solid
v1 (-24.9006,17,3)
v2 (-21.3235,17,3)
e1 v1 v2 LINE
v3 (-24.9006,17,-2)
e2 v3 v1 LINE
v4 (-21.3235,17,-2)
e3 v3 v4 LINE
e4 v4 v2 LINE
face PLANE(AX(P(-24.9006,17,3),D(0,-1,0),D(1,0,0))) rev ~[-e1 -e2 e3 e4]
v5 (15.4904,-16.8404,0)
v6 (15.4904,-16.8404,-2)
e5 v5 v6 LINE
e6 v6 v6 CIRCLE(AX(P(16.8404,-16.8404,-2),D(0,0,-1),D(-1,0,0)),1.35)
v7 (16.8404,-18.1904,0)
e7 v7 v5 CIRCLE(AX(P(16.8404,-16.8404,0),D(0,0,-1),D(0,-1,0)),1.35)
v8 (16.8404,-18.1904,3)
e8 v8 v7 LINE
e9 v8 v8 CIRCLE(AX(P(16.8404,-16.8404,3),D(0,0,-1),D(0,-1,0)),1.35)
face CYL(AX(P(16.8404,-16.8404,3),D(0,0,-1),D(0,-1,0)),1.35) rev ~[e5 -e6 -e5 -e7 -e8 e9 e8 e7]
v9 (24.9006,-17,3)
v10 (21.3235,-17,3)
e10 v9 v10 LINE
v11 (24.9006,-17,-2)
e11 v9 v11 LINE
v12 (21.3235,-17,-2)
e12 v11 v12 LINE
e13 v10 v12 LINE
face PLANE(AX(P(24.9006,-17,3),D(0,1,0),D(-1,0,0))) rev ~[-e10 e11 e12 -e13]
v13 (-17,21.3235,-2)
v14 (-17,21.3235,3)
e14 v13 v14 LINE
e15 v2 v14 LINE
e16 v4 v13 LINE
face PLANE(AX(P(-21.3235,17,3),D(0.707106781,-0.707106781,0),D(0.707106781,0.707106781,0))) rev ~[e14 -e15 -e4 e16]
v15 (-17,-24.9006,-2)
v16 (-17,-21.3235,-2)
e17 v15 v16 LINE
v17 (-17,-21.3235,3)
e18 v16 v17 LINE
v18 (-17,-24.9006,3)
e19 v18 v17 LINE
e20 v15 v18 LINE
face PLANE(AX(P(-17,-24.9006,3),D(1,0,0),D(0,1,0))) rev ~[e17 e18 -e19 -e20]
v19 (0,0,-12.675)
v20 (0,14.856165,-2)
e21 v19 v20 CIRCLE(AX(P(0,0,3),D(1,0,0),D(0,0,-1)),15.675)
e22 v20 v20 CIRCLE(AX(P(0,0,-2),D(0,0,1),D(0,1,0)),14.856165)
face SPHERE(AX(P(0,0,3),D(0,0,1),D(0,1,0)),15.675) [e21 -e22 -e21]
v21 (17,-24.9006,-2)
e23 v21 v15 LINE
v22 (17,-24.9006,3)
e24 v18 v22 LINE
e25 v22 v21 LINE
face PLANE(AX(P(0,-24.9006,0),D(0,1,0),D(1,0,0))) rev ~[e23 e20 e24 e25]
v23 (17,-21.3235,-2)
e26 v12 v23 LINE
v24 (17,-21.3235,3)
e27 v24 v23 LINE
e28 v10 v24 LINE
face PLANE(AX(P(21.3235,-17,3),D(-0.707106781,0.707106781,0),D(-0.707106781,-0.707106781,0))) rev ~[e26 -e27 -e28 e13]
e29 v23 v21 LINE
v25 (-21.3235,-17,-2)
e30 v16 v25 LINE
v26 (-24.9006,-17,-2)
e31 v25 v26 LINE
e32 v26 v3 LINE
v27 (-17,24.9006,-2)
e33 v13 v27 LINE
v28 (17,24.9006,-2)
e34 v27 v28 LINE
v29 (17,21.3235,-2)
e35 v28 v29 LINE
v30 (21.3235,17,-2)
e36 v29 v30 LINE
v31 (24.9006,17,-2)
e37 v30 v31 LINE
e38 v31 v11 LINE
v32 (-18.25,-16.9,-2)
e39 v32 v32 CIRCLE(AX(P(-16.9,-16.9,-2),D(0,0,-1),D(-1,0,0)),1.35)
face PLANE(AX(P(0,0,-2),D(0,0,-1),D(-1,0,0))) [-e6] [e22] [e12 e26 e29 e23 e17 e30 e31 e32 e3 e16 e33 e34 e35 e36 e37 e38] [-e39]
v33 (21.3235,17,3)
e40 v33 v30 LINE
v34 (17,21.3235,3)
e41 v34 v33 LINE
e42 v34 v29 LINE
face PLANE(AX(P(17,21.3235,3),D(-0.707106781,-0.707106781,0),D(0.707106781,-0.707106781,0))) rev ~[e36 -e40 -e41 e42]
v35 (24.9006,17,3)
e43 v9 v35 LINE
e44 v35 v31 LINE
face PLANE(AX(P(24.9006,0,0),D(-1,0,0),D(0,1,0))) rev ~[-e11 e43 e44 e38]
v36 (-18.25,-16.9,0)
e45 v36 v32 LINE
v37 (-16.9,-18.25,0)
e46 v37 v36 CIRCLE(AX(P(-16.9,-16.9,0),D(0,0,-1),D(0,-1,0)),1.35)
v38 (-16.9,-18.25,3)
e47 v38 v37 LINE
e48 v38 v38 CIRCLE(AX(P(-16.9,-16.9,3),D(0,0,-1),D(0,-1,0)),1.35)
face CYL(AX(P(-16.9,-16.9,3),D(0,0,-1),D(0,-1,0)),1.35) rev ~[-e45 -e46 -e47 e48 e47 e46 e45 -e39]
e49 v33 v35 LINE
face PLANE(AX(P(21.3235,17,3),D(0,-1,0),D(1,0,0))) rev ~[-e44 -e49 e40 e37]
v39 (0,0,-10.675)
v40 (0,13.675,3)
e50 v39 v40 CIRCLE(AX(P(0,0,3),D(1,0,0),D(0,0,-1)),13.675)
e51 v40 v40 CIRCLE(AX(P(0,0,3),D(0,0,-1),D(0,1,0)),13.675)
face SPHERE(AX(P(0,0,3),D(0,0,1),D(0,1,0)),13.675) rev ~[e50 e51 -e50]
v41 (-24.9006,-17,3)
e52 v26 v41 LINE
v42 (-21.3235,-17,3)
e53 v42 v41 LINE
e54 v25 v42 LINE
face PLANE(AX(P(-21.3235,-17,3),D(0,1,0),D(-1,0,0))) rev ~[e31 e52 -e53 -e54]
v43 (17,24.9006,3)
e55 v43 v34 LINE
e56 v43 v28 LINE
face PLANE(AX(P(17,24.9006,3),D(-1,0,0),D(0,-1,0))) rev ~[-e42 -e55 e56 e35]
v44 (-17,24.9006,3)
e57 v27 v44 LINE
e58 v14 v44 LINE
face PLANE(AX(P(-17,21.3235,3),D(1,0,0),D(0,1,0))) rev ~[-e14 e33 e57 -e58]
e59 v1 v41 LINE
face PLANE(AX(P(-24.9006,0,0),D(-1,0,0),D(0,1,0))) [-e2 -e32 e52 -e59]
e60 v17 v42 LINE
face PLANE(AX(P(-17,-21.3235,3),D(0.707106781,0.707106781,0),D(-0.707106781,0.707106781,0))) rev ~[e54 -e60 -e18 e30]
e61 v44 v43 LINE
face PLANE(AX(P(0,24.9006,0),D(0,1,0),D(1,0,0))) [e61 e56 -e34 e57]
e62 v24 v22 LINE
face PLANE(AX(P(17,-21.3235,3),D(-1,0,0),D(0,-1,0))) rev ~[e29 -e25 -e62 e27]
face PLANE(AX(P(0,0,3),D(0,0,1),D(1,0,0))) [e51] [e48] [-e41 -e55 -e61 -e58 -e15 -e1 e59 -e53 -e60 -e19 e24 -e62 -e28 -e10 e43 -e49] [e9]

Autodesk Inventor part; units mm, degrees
ref_plane "YZ Plane" through (0, 0, 0) normal (1, 0, 0) x (0, 1, 0)
ref_plane "XZ Plane" through (0, 0, 0) normal (0, 1, 0) x (-1, 0, 0)
ref_plane "XY Plane" through (0, 0, 0) normal (0, 0, 1) x (1, 0, 0)
sketch "Sketch1" plane through (0, 0, 0) normal (0, 0, 1) x (1, 0, 0)
  line L0 (-38.8739, 0) -> (58.9391, 0) construction
  line L1 (0, -36.2399) -> (0, 43.1348) construction
  line L2 (0, 0) -> (31.7956, 31.7956) construction
  line L3 (0, 0) -> (44.9658, 0) construction
  line L4 (0, 24.9006) -> (16.8, 24.9006)
  line L5 (16.8, 24.9006) -> (16.8, 21.2406)
  line L6 (16.8, 21.2406) -> (19.0203, 19.0203)
  line L7 (24.9006, 0) -> (24.9006, 16.8)
  line L8 (24.9006, 16.8) -> (21.2406, 16.8)
  line L9 (21.2406, 16.8) -> (19.0203, 19.0203)
  line L10 (0, 24.9006) -> (-16.8, 24.9006)
  line L11 (-16.8, 24.9006) -> (-16.8, 21.2406)
  line L12 (-16.8, 21.2406) -> (-19.0203, 19.0203)
  line L13 (-24.9006, 0) -> (-24.9006, 16.8)
  line L14 (-24.9006, 16.8) -> (-21.2406, 16.8)
  line L15 (-21.2406, 16.8) -> (-19.0203, 19.0203)
  line L16 (0, -24.9006) -> (16.8, -24.9006)
  line L17 (16.8, -24.9006) -> (16.8, -21.2406)
  line L18 (16.8, -21.2406) -> (19.0203, -19.0203)
  line L19 (24.9006, 0) -> (24.9006, -16.8)
  line L20 (24.9006, -16.8) -> (21.2406, -16.8)
  line L21 (21.2406, -16.8) -> (19.0203, -19.0203)
  line L22 (0, -24.9006) -> (-16.8, -24.9006)
  line L23 (-16.8, -24.9006) -> (-16.8, -21.2406)
  line L24 (-16.8, -21.2406) -> (-19.0203, -19.0203)
  line L25 (-24.9006, 0) -> (-24.9006, -16.8)
  line L26 (-24.9006, -16.8) -> (-21.2406, -16.8)
  line L27 (-21.2406, -16.8) -> (-19.0203, -19.0203)
  circle A0 centre (0, 0) radius 13.675
  dimension "d0" = 45
  dimension "d1" = 16.8
  dimension "d2" = 3.66
  dimension "d3" = 3.14
  dimension "d4" = 27.35
extrude "Extrusion1" add sketch "Sketch1" along normal blind 3
sketch "Sketch2" plane through (0, 0, 3) normal (0, 0, 1) x (1, 0, 0)
  circle A0 centre (0, 0) radius 13.675 construction
  line L0 (16.8, 24.9006) -> (-16.8, 24.9006) construction
  line L1 (-16.8, 24.9006) -> (-16.8, 21.2406) construction
  line L2 (-16.8, 21.2406) -> (-21.2406, 16.8) construction
  line L3 (-21.2406, 16.8) -> (-24.9006, 16.8) construction
  line L4 (-24.9006, 16.8) -> (-24.9006, -16.8) construction
  line L5 (-24.9006, -16.8) -> (-21.2406, -16.8) construction
  line L6 (-21.2406, -16.8) -> (-16.8, -21.2406) construction
  line L7 (-16.8, -21.2406) -> (-16.8, -24.9006) construction
  line L8 (-16.8, -24.9006) -> (16.8, -24.9006) construction
  line L9 (16.8, -24.9006) -> (16.8, -21.2406) construction
  line L10 (16.8, -21.2406) -> (21.2406, -16.8) construction
  line L11 (21.2406, -16.8) -> (24.9006, -16.8) construction
  line L12 (24.9006, -16.8) -> (24.9006, 16.8) construction
  line L13 (24.9006, 16.8) -> (21.2406, 16.8) construction
  line L14 (21.2406, 16.8) -> (16.8, 21.2406) construction
  line L15 (16.8, 21.2406) -> (16.8, 24.9006) construction
  line L16 (-34.8609, 0) -> (34.8609, 0) construction
  line L17 (0, -34.8609) -> (0, 34.8609) construction
  circle A1 centre (13, -13) radius 2.5
  circle A2 centre (-13, -13) radius 2.5
  dimension "d7" = 5
  dimension "d8" = 13
  dimension "d9" = 13
extrude "Extrusion2" [suppressed]
sketch "Sketch3" plane through (0, 0, 0) normal (1, 0, 0) x (0, 1, 0)
  line L0 (-13.675, 3) -> (13.675, 3) construction
  line L1 (24.9006, 3) -> (21.2406, 3) construction
  line L2 (21.2406, 3) -> (16.8, 3) construction
  line L3 (16.8, 3) -> (-16.8, 3) construction
  line L4 (-16.8, 3) -> (-21.2406, 3) construction
  line L5 (-21.2406, 3) -> (-24.9006, 3) construction
  line L6 (-24.9006, 3) -> (-21.2406, 3) construction
  line L7 (-21.2406, 3) -> (-16.8, 3) construction
  line L8 (-16.8, 3) -> (16.8, 3) construction
  line L9 (16.8, 3) -> (21.2406, 3) construction
  line L10 (21.2406, 3) -> (24.9006, 3) construction
  line L11 (24.9006, 0) -> (21.2406, 0) construction
  line L12 (24.9006, 0) -> (24.9006, 3) construction
  line L13 (21.2406, 3) -> (24.9006, 3) construction
  line L14 (21.2406, 0) -> (21.2406, 3) construction
  line L15 (21.2406, 0) -> (16.8, 0) construction
  line L16 (21.2406, 0) -> (21.2406, 3) construction
  line L17 (16.8, 3) -> (21.2406, 3) construction
  line L18 (16.8, 0) -> (16.8, 3) construction
  line L19 (16.8, 0) -> (-16.8, 0) construction
  line L20 (16.8, 0) -> (16.8, 3) construction
  line L21 (-16.8, 3) -> (16.8, 3) construction
  line L22 (-16.8, 0) -> (-16.8, 3) construction
  line L23 (-16.8, 0) -> (-21.2406, 0) construction
  line L24 (-16.8, 0) -> (-16.8, 3) construction
  line L25 (-21.2406, 3) -> (-16.8, 3) construction
  line L26 (-21.2406, 0) -> (-21.2406, 3) construction
  line L27 (-21.2406, 0) -> (-24.9006, 0) construction
  line L28 (-21.2406, 0) -> (-21.2406, 3) construction
  line L29 (-24.9006, 3) -> (-21.2406, 3) construction
  line L30 (-24.9006, 0) -> (-24.9006, 3) construction
  line L31 (-13.675, 3) -> (13.675, 3) construction
  line L32 (13.675, 0) -> (-13.675, 0) construction
  line L33 (16.8, 3) -> (-16.8, 3)
  arc A0 (0, -10.675) -> (13.675, 3) centre (0, 3) ccw
  line L34 (0, -20.1765) -> (0, 6.8627) construction
  arc A1 (0, -12.675) -> (15.675, 3) centre (0, 3) ccw
  line L35 (0, -10.675) -> (0, -12.675)
  line L36 (15.675, 3) -> (13.675, 3)
revolve "Revolution1" add sketch "Sketch3" angle 360 about axis through (0, 0, -10) along (0, 0, 1)
sketch "Skizze4" plane through (0, 0, 3) normal (0, 0, 1) x (1, 0, 0)
  circle A0 centre (0, 0) radius 13.675 construction
  line L0 (16.8, 24.9006) -> (-16.8, 24.9006) construction
  line L1 (-16.8, 24.9006) -> (-16.8, 21.2406) projected
  line L2 (-16.8, 21.2406) -> (-21.2406, 16.8) projected
  line L3 (-21.2406, 16.8) -> (-24.9006, 16.8) projected
  line L4 (-24.9006, 16.8) -> (-24.9006, -16.8) construction
  line L5 (-24.9006, -16.8) -> (-21.2406, -16.8) projected
  line L6 (-21.2406, -16.8) -> (-16.8, -21.2406) projected
  line L7 (-16.8, -21.2406) -> (-16.8, -24.9006) projected
  line L8 (-16.8, -24.9006) -> (16.8, -24.9006) construction
  line L9 (16.8, -24.9006) -> (16.8, -21.2406) projected
  line L10 (16.8, -21.2406) -> (21.2406, -16.8) projected
  line L11 (21.2406, -16.8) -> (24.9006, -16.8) projected
  line L12 (24.9006, -16.8) -> (24.9006, 16.8) construction
  line L13 (24.9006, 16.8) -> (21.2406, 16.8) projected
  line L14 (21.2406, 16.8) -> (16.8, 21.2406) projected
  line L15 (16.8, 21.2406) -> (16.8, 24.9006) projected
  line L16 (-17, 25.1006) -> (17, 25.1006) construction
  line L17 (17, 25.1006) -> (17, 21.3235)
  line L18 (17, 21.3235) -> (21.3235, 17)
  line L19 (21.3235, 17) -> (25.1006, 17)
  line L20 (25.1006, 17) -> (25.1006, -17) construction
  line L21 (25.1006, -17) -> (21.3235, -17)
  line L22 (21.3235, -17) -> (17, -21.3235)
  line L23 (17, -21.3235) -> (17, -25.1006)
  line L24 (17, -25.1006) -> (-17, -25.1006) construction
  line L25 (-17, -25.1006) -> (-17, -21.3235)
  line L26 (-17, -21.3235) -> (-21.3235, -17)
  line L27 (-21.3235, -17) -> (-25.1006, -17)
  line L28 (-25.1006, -17) -> (-25.1006, 17) construction
  line L29 (-25.1006, 17) -> (-21.3235, 17)
  line L30 (-21.3235, 17) -> (-17, 21.3235)
  line L31 (-17, 21.3235) -> (-17, 25.1006)
  line L32 (-24.9006, 16.8) -> (-24.9006, 17)
  line L33 (16.8, 24.9006) -> (-16.8, 24.9006) projected
  line L34 (-16.8, 24.9006) -> (-17, 24.9006)
  line L35 (16.8, 24.9006) -> (17, 24.9006)
  line L36 (24.9006, -16.8) -> (24.9006, 16.8) projected
  line L37 (24.9006, 16.8) -> (24.9006, 17)
  line L38 (24.9006, -16.8) -> (24.9006, -17)
  line L39 (16.8, -24.9006) -> (16.8, -21.2406) projected
  line L40 (16.8, -24.9006) -> (17, -24.9006)
  line L41 (-16.8, -24.9006) -> (-17, -24.9006)
  line L42 (-24.9006, -16.8) -> (-24.9006, 16.8) projected
  line L43 (-24.9006, -16.8) -> (-24.9006, -17)
  dimension "d15" = 0.2
extrude "IM_offset" add sketch "Skizze4" against normal up to surface (3 mm away)
sketch "Sketch6" plane through (0, 0, 3) normal (0, 0, 1) x (1, 0, 0)
  circle A0 centre (-16.9, -16.9) radius 1.35 projected
  circle A1 centre (16.8404, -16.8404) radius 1.35 projected
  point P0 (0, 0)
hole "Hole1" at (-16.9, -16.9, 3) at (16.8404, -16.8404, 3) direction (0, 0, -1) diameter 2.7 end through all
sketch "Sketch7" plane through (0, 0, 0) normal (0, 0, -1) x (-1, 0, 0)
  circle A0 centre (16.9, -16.9) radius 1.35 projected
  circle A1 centre (-16.8404, -16.8404) radius 1.35 projected
  circle A2 centre (0, 0) radius 15.3852 projected
  line L0 (17, 24.9006) -> (-17, 24.9006) projected
  line L1 (-17, 24.9006) -> (-17, 21.3235) projected
  line L2 (-17, 21.3235) -> (-21.3235, 17) projected
  line L3 (-21.3235, 17) -> (-24.9006, 17) projected
  line L4 (-24.9006, 17) -> (-24.9006, -17) projected
  line L5 (-24.9006, -17) -> (-21.3235, -17) projected
  line L6 (-21.3235, -17) -> (-17, -21.3235) projected
  line L7 (-17, -21.3235) -> (-17, -24.9006) projected
  line L8 (-17, -24.9006) -> (17, -24.9006) projected
  line L9 (17, -24.9006) -> (17, -21.3235) projected
  line L10 (17, -21.3235) -> (21.3235, -17) projected
  line L11 (21.3235, -17) -> (24.9006, -17) projected
  line L12 (24.9006, -17) -> (24.9006, 17) projected
  line L13 (24.9006, 17) -> (21.3235, 17) projected
  line L14 (21.3235, 17) -> (17, 21.3235) projected
  line L15 (17, 21.3235) -> (17, 24.9006) projected
  circle A3 centre (0, 0) radius 13.675 projected
extrude "Extrusion4" add sketch "Sketch7" along normal blind 2 contours A2 | L15 L14 L13 L12 L11 L10 L9 L8 L7 L6 L5 L4 L3 L2 L1 L0
equation "\"d9\" = d8"
properties part number "20_Cube_Insert_Eye_v3"
